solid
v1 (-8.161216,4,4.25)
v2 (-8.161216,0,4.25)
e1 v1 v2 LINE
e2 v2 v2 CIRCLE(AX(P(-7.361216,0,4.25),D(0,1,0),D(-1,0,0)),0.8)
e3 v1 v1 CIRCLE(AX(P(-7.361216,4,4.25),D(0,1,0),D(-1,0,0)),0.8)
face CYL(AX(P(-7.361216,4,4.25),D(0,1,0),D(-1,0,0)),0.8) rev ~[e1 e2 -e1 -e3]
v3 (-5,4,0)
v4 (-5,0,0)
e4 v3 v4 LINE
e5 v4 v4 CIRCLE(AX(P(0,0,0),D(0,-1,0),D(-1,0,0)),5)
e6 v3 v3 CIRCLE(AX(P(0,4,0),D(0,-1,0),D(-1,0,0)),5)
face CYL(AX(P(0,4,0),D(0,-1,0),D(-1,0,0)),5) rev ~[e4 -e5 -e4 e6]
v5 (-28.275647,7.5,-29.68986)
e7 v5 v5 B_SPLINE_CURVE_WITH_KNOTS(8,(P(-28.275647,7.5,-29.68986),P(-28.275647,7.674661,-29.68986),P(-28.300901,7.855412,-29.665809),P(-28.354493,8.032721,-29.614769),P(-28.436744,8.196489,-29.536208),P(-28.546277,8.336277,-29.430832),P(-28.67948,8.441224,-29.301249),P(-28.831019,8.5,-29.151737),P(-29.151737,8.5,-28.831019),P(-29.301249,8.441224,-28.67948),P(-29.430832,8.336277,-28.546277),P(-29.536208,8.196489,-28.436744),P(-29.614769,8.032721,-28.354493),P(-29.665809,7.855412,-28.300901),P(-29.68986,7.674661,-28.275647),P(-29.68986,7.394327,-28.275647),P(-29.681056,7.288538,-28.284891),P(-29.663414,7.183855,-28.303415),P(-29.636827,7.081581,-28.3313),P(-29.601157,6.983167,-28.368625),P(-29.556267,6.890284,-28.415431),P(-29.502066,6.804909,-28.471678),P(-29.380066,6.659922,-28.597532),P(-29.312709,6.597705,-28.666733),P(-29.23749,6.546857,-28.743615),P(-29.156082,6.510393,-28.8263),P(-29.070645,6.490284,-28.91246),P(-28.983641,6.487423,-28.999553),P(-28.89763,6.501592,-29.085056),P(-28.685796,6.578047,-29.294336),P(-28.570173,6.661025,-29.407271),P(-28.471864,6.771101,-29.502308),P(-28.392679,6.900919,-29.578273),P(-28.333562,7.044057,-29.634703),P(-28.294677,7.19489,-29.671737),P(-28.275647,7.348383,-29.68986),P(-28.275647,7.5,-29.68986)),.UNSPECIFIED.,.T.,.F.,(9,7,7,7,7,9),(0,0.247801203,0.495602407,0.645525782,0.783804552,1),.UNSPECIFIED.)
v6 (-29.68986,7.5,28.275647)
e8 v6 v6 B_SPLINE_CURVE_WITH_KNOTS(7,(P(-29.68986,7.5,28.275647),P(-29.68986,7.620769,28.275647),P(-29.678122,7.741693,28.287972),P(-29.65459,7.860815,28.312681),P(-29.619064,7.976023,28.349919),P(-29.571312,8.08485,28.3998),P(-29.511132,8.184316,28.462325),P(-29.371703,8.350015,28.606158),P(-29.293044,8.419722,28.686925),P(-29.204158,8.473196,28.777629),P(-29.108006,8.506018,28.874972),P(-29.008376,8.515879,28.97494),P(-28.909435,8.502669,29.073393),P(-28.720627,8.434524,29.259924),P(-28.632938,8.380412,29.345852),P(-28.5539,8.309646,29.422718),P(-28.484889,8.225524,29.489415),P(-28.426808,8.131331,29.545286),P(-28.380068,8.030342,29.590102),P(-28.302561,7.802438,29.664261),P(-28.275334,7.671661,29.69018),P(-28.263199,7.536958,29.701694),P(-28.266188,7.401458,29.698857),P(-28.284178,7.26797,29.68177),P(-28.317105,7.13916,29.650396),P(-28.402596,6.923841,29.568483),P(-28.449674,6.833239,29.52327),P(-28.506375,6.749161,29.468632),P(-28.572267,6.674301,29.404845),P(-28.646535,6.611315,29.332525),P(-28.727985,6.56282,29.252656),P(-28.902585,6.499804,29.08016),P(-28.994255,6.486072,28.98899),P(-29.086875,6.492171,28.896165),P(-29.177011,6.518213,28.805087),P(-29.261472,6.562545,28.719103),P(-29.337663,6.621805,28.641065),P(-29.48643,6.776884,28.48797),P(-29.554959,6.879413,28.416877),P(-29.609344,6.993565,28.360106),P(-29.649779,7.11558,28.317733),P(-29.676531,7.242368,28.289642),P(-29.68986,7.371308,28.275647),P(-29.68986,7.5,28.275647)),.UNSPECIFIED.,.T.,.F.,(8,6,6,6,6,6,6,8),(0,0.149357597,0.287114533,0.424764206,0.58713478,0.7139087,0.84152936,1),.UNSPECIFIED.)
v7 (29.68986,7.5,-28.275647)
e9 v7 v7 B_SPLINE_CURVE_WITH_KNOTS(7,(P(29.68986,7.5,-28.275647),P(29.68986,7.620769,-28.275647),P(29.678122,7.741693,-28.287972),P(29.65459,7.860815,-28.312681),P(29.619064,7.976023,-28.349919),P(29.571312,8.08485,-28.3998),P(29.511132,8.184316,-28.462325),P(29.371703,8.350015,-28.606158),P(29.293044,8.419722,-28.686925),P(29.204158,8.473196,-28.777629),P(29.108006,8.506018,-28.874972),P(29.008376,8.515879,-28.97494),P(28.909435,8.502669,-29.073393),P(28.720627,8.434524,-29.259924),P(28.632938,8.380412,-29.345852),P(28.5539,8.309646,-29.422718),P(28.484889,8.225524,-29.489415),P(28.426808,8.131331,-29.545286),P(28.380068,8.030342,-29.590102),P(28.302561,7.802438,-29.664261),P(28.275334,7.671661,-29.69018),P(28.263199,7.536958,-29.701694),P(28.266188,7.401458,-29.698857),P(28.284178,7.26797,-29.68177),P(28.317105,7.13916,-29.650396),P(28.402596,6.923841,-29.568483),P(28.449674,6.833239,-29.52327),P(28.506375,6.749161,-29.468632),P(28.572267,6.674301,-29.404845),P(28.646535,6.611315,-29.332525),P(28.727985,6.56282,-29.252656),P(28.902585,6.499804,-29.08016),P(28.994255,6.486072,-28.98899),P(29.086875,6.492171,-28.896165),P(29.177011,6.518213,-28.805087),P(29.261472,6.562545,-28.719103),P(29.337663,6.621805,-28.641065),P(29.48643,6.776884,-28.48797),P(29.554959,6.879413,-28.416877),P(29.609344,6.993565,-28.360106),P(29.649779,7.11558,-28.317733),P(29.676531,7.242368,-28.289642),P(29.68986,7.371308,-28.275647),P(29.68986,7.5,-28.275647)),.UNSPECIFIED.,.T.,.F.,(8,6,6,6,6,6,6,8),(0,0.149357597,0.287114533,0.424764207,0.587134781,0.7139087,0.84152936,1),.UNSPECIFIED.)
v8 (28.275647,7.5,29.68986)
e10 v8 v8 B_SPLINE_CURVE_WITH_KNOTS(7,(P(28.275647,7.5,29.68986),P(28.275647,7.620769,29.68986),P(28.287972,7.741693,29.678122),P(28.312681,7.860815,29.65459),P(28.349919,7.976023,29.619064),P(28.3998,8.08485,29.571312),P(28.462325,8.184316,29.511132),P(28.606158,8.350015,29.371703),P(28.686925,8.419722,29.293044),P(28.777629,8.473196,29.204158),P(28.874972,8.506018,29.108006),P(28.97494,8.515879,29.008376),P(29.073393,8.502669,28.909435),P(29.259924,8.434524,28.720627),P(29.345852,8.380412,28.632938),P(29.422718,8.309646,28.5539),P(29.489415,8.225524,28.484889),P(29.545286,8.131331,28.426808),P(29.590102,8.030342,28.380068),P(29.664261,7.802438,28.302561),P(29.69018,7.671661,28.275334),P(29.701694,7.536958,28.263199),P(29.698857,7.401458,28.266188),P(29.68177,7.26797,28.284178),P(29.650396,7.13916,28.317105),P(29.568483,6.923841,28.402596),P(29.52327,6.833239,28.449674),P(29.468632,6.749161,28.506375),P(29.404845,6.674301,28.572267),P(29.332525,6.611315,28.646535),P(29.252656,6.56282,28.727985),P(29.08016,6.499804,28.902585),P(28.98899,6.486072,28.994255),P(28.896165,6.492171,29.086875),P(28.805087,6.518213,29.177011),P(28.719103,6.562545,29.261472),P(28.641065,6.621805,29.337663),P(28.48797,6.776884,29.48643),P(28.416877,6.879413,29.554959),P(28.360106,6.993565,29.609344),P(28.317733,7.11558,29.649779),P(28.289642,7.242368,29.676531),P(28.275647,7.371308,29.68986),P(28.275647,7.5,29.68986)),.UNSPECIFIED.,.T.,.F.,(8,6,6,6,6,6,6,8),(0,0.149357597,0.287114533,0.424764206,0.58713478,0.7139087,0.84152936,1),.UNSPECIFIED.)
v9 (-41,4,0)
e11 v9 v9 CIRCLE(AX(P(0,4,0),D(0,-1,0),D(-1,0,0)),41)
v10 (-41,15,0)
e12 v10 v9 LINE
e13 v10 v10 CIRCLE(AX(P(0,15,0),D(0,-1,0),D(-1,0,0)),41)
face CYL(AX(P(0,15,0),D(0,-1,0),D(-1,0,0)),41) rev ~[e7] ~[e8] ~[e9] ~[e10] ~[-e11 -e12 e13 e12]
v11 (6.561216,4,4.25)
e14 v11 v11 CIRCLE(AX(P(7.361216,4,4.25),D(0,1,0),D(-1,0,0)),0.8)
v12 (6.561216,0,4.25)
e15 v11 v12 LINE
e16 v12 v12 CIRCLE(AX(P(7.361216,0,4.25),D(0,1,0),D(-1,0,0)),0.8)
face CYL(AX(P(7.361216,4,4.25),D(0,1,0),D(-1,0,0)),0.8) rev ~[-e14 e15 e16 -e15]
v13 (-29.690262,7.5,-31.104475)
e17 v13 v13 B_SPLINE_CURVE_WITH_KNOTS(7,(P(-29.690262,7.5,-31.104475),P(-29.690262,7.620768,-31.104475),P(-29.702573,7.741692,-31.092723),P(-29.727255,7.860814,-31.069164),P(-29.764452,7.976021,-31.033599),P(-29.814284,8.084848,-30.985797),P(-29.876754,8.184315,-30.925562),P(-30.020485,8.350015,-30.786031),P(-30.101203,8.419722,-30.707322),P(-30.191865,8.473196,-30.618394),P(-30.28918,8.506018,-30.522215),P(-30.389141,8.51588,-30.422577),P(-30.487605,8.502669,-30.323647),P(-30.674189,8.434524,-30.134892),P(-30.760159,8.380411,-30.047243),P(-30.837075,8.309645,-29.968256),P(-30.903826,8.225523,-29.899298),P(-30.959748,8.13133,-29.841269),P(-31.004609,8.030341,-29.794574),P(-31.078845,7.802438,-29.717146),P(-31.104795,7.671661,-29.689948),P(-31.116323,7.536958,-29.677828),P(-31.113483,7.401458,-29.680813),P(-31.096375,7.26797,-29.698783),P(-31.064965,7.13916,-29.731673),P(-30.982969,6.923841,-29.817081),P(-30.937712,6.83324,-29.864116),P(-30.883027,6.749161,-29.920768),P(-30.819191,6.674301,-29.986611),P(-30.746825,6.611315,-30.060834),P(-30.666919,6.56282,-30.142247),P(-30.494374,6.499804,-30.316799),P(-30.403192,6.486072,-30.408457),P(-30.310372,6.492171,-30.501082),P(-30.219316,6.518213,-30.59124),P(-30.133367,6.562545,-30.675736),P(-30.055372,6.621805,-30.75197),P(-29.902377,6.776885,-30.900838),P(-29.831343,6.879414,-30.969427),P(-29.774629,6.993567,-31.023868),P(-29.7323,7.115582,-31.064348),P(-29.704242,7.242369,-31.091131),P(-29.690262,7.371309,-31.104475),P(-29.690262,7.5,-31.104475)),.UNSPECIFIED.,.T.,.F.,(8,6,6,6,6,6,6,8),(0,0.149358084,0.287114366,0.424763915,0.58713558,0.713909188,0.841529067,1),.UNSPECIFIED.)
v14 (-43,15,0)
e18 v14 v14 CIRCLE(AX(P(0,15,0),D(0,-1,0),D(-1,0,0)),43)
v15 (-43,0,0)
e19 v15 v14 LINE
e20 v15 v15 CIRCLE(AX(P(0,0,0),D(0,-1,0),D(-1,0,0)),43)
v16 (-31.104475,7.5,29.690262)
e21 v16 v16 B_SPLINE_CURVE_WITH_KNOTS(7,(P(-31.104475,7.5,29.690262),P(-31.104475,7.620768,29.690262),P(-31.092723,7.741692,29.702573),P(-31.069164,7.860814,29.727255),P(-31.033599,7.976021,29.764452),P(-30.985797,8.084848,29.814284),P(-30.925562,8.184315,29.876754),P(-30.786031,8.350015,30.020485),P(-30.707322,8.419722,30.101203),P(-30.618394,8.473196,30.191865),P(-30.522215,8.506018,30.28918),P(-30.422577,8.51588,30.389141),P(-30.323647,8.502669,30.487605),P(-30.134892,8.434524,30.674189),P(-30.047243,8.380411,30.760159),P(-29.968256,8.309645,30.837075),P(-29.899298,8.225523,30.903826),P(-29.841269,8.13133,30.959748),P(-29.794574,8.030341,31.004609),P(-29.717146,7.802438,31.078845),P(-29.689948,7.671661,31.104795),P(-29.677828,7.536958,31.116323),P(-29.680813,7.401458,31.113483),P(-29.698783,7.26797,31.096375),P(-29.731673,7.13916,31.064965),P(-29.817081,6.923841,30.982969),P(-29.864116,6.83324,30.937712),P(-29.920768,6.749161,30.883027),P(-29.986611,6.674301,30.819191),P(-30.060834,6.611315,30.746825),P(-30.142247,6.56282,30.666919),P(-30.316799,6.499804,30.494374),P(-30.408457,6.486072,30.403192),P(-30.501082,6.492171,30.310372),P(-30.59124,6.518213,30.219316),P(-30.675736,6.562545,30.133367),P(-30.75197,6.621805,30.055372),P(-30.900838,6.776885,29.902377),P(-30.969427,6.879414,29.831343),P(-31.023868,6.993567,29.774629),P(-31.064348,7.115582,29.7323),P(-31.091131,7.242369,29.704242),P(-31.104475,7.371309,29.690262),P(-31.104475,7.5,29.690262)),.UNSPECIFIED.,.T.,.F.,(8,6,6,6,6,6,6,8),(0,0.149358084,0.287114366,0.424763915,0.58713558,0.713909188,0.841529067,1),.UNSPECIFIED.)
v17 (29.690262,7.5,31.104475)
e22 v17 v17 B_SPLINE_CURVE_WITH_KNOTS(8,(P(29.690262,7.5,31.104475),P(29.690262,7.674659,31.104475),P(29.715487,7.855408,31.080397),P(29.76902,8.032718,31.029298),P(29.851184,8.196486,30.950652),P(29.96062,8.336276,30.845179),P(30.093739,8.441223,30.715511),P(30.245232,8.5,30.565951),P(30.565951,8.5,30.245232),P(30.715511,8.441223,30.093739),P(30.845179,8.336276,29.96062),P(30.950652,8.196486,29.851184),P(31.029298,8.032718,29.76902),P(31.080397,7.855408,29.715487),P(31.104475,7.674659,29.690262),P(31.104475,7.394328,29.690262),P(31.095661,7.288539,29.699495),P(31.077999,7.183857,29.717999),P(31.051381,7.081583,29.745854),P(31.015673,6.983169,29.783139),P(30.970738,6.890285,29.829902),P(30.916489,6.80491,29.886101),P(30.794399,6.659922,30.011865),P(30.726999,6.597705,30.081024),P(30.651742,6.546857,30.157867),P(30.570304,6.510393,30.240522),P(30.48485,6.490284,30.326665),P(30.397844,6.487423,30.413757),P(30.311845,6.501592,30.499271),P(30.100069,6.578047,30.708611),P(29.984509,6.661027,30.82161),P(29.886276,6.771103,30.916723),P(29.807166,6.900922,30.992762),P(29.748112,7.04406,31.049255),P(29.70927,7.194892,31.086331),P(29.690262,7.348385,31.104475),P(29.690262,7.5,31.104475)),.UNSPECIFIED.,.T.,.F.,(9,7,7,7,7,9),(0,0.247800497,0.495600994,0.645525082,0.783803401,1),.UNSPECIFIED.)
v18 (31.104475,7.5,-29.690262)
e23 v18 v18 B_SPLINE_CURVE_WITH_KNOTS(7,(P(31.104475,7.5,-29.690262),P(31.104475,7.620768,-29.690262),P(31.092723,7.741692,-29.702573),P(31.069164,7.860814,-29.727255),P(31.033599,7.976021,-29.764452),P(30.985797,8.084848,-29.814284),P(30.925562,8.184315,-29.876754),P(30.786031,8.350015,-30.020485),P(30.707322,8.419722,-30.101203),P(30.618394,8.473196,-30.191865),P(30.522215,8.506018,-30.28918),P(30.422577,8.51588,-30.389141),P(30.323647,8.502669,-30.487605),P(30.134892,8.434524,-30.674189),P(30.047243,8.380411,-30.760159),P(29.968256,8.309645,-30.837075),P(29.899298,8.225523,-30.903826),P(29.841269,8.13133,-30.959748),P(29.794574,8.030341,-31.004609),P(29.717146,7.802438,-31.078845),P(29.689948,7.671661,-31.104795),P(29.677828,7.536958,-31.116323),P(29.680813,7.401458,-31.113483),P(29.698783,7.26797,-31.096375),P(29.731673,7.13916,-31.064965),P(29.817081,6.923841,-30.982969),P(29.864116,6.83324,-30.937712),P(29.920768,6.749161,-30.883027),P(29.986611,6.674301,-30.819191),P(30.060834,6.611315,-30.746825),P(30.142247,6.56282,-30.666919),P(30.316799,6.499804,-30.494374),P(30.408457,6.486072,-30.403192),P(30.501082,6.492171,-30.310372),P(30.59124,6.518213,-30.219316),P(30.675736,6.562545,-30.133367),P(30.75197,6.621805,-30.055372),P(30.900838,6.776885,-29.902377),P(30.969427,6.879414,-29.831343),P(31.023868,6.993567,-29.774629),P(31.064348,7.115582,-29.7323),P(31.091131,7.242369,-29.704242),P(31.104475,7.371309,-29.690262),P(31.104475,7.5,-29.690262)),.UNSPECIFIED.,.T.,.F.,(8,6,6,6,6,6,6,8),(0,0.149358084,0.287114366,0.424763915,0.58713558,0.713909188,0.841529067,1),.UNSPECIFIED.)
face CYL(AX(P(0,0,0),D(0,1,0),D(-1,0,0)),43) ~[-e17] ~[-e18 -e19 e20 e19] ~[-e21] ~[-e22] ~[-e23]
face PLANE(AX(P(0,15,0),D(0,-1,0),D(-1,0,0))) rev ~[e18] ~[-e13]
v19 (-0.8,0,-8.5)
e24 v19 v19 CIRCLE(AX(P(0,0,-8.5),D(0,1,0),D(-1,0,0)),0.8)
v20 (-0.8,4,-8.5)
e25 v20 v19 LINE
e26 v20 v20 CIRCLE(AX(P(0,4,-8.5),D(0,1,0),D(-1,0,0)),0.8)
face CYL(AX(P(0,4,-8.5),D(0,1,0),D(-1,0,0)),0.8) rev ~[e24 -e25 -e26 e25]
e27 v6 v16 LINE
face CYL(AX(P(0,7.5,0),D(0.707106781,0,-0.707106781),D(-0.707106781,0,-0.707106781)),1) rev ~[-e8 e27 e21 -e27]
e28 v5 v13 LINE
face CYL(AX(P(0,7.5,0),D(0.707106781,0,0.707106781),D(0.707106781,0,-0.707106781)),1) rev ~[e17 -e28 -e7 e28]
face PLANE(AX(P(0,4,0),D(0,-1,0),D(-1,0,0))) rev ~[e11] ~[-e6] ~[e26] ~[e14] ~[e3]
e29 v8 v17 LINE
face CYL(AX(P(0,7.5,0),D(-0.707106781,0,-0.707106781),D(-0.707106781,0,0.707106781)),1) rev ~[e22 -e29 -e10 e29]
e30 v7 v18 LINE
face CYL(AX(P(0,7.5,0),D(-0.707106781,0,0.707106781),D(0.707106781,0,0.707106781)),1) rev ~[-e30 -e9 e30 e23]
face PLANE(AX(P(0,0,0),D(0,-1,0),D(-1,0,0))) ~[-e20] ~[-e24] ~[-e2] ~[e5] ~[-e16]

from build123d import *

# Parameters (mm, degrees)
SKETCH2_R          = 0.8
CUT_EXTRUDE1_DEPTH = 62.798058222
SKETCH3_R          = 1
CUT_EXTRUDE2_DEPTH = 63.633856659
CIRPATTERN1_COUNT  = 4


with BuildPart() as part:
    # Sketch1 → Revolve1 (revolve)
    with BuildSketch(Plane.XY, mode=Mode.PRIVATE) as revolve1_sk:
        Polygon((5, 4), (5, 0), (43, 0), (43, 15), (41, 15), (41, 4), align=None)
    revolve(revolve1_sk.sketch.rotate(Axis((0, 4, 0), (0, -1, 0)), 180), axis=Axis((0, 4, 0), (0, -1, 0)))

    # Sketch2 → Cut-Extrude1 (cut, through all)
    with BuildSketch(Plane(origin=(0, 4, 0), x_dir=(1, 0, 0), z_dir=(0, 1, 0))):
        with Locations(Location((0, 8.5, 0), (0, 0, 180))):
            Circle(SKETCH2_R)
        with Locations(Location((7.361215932, -4.25, 0), (0, 0, 180))):
            Circle(SKETCH2_R)
        with Locations(Location((-7.361215932, -4.25, 0), (0, 0, 180))):
            Circle(SKETCH2_R)
    extrude(amount=-CUT_EXTRUDE1_DEPTH, mode=Mode.SUBTRACT)

    # Sketch3 → Cut-Extrude2 (cut, through all)
    with BuildSketch(Plane(origin=(0, 0, 0), x_dir=(0.7071067811865464, 0, 0.7071067811865488), z_dir=(-0.7071067811865488, 0, 0.7071067811865464))):
        with Locations((0, 7.5)):
            Circle(SKETCH3_R)
    cut_extrude2 = extrude(amount=-CUT_EXTRUDE2_DEPTH, mode=Mode.SUBTRACT)

    # CirPattern1: Cut-Extrude2 ×4 about axis
    cirpattern1_axis = Axis((0, 4, 0), (0, 1, 0))
    for i in range(1, CIRPATTERN1_COUNT):
        add(cut_extrude2.rotate(cirpattern1_axis, i * 360 / CIRPATTERN1_COUNT), mode=Mode.SUBTRACT)


solid = part.part
